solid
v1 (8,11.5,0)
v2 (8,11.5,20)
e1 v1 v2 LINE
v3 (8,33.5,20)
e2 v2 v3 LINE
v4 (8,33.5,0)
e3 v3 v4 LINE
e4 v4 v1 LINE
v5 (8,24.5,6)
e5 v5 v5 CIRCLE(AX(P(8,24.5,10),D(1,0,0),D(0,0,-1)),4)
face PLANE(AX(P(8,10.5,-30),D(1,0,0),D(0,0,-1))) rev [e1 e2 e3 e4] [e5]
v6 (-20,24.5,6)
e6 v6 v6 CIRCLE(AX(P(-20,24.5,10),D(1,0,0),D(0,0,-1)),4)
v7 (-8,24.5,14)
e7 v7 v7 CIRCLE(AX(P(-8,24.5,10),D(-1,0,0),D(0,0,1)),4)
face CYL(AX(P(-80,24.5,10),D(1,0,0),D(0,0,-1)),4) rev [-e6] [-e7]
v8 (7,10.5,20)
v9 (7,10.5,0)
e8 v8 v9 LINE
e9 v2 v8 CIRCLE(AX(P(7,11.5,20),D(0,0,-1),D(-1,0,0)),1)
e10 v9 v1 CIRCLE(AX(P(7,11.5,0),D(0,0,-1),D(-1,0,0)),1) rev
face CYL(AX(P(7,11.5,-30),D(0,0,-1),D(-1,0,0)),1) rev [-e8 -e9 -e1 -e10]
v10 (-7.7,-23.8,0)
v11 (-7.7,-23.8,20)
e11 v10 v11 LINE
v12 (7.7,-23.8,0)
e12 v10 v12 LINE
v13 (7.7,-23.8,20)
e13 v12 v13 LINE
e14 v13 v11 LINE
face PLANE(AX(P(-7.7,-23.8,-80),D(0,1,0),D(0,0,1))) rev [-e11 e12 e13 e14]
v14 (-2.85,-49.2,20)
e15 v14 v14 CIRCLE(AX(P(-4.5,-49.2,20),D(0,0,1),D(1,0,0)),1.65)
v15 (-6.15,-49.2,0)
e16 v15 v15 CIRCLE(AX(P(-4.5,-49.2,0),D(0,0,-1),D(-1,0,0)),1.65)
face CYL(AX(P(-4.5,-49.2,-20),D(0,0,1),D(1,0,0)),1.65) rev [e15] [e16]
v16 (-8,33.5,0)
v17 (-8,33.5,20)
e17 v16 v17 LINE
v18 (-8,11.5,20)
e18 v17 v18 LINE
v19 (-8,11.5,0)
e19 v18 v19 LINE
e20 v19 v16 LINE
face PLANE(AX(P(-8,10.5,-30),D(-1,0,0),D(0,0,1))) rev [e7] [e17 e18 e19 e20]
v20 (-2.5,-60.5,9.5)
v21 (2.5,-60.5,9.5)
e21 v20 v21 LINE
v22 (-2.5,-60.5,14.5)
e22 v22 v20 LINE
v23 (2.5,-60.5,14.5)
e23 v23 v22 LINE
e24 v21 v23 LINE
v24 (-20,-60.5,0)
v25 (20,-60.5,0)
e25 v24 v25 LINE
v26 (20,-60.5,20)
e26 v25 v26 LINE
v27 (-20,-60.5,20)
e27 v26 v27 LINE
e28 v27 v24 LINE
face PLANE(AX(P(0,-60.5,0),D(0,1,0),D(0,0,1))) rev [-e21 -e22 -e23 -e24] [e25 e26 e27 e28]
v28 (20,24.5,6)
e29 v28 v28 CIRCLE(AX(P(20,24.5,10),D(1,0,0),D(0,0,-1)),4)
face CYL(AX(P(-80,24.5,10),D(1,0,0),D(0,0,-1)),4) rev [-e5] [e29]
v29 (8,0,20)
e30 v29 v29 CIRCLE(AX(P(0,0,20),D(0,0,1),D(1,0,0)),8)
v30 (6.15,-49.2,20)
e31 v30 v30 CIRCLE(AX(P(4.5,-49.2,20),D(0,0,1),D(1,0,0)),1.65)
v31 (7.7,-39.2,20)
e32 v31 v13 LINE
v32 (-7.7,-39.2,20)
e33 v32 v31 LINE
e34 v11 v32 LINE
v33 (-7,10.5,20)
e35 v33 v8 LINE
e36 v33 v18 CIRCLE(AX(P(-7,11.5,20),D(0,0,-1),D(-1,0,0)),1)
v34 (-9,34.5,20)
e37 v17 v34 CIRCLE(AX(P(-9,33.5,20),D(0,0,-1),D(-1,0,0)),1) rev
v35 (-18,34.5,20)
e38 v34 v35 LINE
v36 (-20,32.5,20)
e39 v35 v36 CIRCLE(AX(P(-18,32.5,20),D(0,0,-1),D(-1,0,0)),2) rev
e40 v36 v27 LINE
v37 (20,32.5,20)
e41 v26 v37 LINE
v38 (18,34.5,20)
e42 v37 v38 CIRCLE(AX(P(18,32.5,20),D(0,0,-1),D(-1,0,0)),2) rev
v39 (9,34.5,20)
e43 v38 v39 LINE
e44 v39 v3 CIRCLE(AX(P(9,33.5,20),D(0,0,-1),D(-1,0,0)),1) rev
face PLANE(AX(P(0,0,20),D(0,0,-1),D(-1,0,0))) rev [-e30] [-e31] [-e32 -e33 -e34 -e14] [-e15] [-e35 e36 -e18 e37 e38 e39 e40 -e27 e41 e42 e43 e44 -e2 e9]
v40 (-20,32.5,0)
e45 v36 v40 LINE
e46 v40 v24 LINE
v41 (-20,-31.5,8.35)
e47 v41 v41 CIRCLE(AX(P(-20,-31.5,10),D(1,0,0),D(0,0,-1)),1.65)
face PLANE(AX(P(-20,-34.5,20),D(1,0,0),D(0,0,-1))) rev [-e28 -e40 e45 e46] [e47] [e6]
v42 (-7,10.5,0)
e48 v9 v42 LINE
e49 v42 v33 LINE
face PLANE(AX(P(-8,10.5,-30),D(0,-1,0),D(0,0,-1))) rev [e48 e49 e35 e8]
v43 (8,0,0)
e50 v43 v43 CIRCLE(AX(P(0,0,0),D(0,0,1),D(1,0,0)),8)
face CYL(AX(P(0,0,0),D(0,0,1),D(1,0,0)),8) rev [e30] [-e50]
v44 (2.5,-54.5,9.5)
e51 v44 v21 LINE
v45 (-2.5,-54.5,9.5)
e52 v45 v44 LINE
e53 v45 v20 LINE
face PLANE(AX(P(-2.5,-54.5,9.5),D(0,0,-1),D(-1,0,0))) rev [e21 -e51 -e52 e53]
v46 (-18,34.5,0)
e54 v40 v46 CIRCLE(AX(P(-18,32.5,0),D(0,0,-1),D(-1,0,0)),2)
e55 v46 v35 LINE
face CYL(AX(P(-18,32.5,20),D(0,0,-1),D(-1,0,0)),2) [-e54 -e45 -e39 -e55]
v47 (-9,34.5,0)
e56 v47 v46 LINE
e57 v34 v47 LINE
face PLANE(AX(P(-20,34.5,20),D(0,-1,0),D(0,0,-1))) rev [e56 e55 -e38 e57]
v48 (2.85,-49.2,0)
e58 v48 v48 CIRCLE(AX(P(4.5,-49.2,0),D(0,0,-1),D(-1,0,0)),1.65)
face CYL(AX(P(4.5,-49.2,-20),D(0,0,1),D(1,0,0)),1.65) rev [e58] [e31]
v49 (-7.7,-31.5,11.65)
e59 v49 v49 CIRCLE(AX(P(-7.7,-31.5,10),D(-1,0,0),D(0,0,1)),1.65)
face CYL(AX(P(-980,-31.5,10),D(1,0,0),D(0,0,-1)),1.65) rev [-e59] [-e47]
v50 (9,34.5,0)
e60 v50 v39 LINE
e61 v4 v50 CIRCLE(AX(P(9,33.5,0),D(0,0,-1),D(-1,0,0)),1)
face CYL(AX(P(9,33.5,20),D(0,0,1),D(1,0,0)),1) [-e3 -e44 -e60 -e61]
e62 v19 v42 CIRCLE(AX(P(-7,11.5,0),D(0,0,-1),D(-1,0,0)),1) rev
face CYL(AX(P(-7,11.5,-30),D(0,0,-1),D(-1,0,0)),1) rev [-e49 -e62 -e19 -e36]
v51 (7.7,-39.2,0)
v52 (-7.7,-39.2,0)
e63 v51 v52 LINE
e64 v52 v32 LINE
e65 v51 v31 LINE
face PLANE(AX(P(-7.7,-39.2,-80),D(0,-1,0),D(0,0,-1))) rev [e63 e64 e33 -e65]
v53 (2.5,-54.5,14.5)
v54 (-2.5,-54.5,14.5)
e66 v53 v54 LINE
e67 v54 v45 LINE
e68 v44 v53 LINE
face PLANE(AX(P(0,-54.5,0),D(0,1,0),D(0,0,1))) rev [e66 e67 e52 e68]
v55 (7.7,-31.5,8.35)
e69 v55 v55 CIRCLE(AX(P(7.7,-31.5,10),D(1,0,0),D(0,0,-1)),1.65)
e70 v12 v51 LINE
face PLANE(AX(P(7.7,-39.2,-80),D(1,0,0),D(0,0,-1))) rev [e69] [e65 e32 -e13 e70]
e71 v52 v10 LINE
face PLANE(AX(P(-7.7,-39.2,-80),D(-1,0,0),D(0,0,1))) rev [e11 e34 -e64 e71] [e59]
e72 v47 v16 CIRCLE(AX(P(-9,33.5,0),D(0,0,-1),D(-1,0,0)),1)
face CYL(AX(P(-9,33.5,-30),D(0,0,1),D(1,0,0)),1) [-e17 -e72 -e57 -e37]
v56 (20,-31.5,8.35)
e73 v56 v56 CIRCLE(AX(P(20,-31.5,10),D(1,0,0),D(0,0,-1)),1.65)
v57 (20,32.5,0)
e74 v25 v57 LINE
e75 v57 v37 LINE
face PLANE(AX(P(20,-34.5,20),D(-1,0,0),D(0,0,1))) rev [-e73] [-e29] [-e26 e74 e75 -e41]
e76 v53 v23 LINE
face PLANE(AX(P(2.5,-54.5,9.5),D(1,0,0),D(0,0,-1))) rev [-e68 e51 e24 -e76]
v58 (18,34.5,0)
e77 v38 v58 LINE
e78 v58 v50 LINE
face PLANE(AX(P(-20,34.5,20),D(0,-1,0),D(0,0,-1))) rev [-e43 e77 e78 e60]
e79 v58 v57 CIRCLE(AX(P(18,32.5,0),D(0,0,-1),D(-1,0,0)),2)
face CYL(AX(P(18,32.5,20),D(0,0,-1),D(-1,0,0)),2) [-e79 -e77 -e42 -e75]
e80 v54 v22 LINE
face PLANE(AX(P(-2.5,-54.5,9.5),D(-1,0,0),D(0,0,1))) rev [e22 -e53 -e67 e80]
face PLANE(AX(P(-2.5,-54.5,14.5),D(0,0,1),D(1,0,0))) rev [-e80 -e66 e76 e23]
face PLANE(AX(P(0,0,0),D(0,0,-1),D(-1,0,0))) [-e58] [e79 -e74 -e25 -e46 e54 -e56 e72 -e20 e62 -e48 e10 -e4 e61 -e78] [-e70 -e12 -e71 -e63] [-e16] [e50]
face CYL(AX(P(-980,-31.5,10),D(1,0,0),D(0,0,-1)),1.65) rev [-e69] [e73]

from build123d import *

# Parameters (mm, degrees)
SKETCH_1_W          = 40
SKETCH_1_H          = 69
EXTRUDE_1_DEPTH     = 20
SKETCH_2_R          = 8
CUT_EXTRUDE_1_DEPTH = 20
SKETCH_3_W          = 40
SKETCH_3_H          = 20
EXTRUDE_2_DEPTH     = 26
SKETCH_8_W          = 15.4
SKETCH_8_H          = 15.4
CUT_EXTRUDE_6_DEPTH = 100
SKETCH_4_R          = 1.65
CUT_EXTRUDE_2_DEPTH = 40
SKETCH_5_W          = 5
SKETCH_5_H          = 5
CUT_EXTRUDE_3_DEPTH = 6
FILLET_1_R          = 2
SKETCH_6_W          = 16
SKETCH_6_H          = 24
CUT_EXTRUDE_4_DEPTH = 50
SKETCH_7_R          = 4
CUT_EXTRUDE_5_DEPTH = 100
FILLET_2_R          = 1
SKETCH_9_R          = 1.65
CUT_EXTRUDE_7_DEPTH = 1000


with BuildPart() as part:
    # 草图1 → 凸台-拉伸1 (new body)
    with BuildSketch(Plane.XY):
        Rectangle(SKETCH_1_W, SKETCH_1_H)
    extrude(amount=EXTRUDE_1_DEPTH)

    # 草图2 → 切除-拉伸1 (cut)
    with BuildSketch(Plane.XY.offset(20)):
        Circle(SKETCH_2_R)
    extrude(amount=-CUT_EXTRUDE_1_DEPTH, mode=Mode.SUBTRACT)

    # 草图3 → 凸台-拉伸2 (add)
    with BuildSketch(Plane.XZ.offset(34.5)):
        with Locations((0, 10)):
            Rectangle(SKETCH_3_W, SKETCH_3_H)
    extrude(amount=EXTRUDE_2_DEPTH)

    # 草图8 → 切除-拉伸6 (cut)
    with BuildSketch(Plane.XY.offset(20)):
        with Locations((0, -31.5)):
            Rectangle(SKETCH_8_W, SKETCH_8_H)
    extrude(amount=-CUT_EXTRUDE_6_DEPTH, mode=Mode.SUBTRACT)

    # 草图4 → 切除-拉伸2 (cut)
    with BuildSketch(Plane.XY.offset(20)):
        with Locations((4.5, -49.2)):
            Circle(SKETCH_4_R)
        with Locations((-4.5, -49.2)):
            Circle(SKETCH_4_R)
    extrude(amount=-CUT_EXTRUDE_2_DEPTH, mode=Mode.SUBTRACT)

    # 草图5 → 切除-拉伸3 (cut)
    with BuildSketch(Plane.XZ.offset(60.5)):
        with Locations((0, 12)):
            Rectangle(SKETCH_5_W, SKETCH_5_H)
    extrude(amount=-CUT_EXTRUDE_3_DEPTH, mode=Mode.SUBTRACT)

    # 圆角1
    fillet_1_edges = [part.edges().sort_by_distance(p)[0] for p in [
        (-20, 34.5, 10),
        (20, 34.5, 10),
    ]]
    fillet(fillet_1_edges, radius=FILLET_1_R)

    # 草图6 → 切除-拉伸4 (cut)
    with BuildSketch(Plane.XY.offset(20)):
        with Locations((0, 22.5)):
            Rectangle(SKETCH_6_W, SKETCH_6_H)
    extrude(amount=-CUT_EXTRUDE_4_DEPTH, mode=Mode.SUBTRACT)

    # 草图7 → 切除-拉伸5 (cut)
    with BuildSketch(Plane(origin=(20, 0, 0), x_dir=(0, 0, -1), z_dir=(1, 0, 0))):
        with Locations((-10, 24.5)):
            Circle(SKETCH_7_R)
    extrude(amount=-CUT_EXTRUDE_5_DEPTH, mode=Mode.SUBTRACT)

    # 圆角2
    fillet_2_edges = [part.edges().sort_by_distance(p)[0] for p in [
        (-8, 34.5, 10),
        (8, 34.5, 10),
        (8, 10.5, 10),
        (-8, 10.5, 10),
    ]]
    fillet(fillet_2_edges, radius=FILLET_2_R)

    # 草图9 → 切除-拉伸7 (cut)
    with BuildSketch(Plane(origin=(20, 0, 0), x_dir=(0, 0, -1), z_dir=(1, 0, 0))):
        with Locations((-10, -31.5)):
            Circle(SKETCH_9_R)
    extrude(amount=-CUT_EXTRUDE_7_DEPTH, mode=Mode.SUBTRACT)


solid = part.part
